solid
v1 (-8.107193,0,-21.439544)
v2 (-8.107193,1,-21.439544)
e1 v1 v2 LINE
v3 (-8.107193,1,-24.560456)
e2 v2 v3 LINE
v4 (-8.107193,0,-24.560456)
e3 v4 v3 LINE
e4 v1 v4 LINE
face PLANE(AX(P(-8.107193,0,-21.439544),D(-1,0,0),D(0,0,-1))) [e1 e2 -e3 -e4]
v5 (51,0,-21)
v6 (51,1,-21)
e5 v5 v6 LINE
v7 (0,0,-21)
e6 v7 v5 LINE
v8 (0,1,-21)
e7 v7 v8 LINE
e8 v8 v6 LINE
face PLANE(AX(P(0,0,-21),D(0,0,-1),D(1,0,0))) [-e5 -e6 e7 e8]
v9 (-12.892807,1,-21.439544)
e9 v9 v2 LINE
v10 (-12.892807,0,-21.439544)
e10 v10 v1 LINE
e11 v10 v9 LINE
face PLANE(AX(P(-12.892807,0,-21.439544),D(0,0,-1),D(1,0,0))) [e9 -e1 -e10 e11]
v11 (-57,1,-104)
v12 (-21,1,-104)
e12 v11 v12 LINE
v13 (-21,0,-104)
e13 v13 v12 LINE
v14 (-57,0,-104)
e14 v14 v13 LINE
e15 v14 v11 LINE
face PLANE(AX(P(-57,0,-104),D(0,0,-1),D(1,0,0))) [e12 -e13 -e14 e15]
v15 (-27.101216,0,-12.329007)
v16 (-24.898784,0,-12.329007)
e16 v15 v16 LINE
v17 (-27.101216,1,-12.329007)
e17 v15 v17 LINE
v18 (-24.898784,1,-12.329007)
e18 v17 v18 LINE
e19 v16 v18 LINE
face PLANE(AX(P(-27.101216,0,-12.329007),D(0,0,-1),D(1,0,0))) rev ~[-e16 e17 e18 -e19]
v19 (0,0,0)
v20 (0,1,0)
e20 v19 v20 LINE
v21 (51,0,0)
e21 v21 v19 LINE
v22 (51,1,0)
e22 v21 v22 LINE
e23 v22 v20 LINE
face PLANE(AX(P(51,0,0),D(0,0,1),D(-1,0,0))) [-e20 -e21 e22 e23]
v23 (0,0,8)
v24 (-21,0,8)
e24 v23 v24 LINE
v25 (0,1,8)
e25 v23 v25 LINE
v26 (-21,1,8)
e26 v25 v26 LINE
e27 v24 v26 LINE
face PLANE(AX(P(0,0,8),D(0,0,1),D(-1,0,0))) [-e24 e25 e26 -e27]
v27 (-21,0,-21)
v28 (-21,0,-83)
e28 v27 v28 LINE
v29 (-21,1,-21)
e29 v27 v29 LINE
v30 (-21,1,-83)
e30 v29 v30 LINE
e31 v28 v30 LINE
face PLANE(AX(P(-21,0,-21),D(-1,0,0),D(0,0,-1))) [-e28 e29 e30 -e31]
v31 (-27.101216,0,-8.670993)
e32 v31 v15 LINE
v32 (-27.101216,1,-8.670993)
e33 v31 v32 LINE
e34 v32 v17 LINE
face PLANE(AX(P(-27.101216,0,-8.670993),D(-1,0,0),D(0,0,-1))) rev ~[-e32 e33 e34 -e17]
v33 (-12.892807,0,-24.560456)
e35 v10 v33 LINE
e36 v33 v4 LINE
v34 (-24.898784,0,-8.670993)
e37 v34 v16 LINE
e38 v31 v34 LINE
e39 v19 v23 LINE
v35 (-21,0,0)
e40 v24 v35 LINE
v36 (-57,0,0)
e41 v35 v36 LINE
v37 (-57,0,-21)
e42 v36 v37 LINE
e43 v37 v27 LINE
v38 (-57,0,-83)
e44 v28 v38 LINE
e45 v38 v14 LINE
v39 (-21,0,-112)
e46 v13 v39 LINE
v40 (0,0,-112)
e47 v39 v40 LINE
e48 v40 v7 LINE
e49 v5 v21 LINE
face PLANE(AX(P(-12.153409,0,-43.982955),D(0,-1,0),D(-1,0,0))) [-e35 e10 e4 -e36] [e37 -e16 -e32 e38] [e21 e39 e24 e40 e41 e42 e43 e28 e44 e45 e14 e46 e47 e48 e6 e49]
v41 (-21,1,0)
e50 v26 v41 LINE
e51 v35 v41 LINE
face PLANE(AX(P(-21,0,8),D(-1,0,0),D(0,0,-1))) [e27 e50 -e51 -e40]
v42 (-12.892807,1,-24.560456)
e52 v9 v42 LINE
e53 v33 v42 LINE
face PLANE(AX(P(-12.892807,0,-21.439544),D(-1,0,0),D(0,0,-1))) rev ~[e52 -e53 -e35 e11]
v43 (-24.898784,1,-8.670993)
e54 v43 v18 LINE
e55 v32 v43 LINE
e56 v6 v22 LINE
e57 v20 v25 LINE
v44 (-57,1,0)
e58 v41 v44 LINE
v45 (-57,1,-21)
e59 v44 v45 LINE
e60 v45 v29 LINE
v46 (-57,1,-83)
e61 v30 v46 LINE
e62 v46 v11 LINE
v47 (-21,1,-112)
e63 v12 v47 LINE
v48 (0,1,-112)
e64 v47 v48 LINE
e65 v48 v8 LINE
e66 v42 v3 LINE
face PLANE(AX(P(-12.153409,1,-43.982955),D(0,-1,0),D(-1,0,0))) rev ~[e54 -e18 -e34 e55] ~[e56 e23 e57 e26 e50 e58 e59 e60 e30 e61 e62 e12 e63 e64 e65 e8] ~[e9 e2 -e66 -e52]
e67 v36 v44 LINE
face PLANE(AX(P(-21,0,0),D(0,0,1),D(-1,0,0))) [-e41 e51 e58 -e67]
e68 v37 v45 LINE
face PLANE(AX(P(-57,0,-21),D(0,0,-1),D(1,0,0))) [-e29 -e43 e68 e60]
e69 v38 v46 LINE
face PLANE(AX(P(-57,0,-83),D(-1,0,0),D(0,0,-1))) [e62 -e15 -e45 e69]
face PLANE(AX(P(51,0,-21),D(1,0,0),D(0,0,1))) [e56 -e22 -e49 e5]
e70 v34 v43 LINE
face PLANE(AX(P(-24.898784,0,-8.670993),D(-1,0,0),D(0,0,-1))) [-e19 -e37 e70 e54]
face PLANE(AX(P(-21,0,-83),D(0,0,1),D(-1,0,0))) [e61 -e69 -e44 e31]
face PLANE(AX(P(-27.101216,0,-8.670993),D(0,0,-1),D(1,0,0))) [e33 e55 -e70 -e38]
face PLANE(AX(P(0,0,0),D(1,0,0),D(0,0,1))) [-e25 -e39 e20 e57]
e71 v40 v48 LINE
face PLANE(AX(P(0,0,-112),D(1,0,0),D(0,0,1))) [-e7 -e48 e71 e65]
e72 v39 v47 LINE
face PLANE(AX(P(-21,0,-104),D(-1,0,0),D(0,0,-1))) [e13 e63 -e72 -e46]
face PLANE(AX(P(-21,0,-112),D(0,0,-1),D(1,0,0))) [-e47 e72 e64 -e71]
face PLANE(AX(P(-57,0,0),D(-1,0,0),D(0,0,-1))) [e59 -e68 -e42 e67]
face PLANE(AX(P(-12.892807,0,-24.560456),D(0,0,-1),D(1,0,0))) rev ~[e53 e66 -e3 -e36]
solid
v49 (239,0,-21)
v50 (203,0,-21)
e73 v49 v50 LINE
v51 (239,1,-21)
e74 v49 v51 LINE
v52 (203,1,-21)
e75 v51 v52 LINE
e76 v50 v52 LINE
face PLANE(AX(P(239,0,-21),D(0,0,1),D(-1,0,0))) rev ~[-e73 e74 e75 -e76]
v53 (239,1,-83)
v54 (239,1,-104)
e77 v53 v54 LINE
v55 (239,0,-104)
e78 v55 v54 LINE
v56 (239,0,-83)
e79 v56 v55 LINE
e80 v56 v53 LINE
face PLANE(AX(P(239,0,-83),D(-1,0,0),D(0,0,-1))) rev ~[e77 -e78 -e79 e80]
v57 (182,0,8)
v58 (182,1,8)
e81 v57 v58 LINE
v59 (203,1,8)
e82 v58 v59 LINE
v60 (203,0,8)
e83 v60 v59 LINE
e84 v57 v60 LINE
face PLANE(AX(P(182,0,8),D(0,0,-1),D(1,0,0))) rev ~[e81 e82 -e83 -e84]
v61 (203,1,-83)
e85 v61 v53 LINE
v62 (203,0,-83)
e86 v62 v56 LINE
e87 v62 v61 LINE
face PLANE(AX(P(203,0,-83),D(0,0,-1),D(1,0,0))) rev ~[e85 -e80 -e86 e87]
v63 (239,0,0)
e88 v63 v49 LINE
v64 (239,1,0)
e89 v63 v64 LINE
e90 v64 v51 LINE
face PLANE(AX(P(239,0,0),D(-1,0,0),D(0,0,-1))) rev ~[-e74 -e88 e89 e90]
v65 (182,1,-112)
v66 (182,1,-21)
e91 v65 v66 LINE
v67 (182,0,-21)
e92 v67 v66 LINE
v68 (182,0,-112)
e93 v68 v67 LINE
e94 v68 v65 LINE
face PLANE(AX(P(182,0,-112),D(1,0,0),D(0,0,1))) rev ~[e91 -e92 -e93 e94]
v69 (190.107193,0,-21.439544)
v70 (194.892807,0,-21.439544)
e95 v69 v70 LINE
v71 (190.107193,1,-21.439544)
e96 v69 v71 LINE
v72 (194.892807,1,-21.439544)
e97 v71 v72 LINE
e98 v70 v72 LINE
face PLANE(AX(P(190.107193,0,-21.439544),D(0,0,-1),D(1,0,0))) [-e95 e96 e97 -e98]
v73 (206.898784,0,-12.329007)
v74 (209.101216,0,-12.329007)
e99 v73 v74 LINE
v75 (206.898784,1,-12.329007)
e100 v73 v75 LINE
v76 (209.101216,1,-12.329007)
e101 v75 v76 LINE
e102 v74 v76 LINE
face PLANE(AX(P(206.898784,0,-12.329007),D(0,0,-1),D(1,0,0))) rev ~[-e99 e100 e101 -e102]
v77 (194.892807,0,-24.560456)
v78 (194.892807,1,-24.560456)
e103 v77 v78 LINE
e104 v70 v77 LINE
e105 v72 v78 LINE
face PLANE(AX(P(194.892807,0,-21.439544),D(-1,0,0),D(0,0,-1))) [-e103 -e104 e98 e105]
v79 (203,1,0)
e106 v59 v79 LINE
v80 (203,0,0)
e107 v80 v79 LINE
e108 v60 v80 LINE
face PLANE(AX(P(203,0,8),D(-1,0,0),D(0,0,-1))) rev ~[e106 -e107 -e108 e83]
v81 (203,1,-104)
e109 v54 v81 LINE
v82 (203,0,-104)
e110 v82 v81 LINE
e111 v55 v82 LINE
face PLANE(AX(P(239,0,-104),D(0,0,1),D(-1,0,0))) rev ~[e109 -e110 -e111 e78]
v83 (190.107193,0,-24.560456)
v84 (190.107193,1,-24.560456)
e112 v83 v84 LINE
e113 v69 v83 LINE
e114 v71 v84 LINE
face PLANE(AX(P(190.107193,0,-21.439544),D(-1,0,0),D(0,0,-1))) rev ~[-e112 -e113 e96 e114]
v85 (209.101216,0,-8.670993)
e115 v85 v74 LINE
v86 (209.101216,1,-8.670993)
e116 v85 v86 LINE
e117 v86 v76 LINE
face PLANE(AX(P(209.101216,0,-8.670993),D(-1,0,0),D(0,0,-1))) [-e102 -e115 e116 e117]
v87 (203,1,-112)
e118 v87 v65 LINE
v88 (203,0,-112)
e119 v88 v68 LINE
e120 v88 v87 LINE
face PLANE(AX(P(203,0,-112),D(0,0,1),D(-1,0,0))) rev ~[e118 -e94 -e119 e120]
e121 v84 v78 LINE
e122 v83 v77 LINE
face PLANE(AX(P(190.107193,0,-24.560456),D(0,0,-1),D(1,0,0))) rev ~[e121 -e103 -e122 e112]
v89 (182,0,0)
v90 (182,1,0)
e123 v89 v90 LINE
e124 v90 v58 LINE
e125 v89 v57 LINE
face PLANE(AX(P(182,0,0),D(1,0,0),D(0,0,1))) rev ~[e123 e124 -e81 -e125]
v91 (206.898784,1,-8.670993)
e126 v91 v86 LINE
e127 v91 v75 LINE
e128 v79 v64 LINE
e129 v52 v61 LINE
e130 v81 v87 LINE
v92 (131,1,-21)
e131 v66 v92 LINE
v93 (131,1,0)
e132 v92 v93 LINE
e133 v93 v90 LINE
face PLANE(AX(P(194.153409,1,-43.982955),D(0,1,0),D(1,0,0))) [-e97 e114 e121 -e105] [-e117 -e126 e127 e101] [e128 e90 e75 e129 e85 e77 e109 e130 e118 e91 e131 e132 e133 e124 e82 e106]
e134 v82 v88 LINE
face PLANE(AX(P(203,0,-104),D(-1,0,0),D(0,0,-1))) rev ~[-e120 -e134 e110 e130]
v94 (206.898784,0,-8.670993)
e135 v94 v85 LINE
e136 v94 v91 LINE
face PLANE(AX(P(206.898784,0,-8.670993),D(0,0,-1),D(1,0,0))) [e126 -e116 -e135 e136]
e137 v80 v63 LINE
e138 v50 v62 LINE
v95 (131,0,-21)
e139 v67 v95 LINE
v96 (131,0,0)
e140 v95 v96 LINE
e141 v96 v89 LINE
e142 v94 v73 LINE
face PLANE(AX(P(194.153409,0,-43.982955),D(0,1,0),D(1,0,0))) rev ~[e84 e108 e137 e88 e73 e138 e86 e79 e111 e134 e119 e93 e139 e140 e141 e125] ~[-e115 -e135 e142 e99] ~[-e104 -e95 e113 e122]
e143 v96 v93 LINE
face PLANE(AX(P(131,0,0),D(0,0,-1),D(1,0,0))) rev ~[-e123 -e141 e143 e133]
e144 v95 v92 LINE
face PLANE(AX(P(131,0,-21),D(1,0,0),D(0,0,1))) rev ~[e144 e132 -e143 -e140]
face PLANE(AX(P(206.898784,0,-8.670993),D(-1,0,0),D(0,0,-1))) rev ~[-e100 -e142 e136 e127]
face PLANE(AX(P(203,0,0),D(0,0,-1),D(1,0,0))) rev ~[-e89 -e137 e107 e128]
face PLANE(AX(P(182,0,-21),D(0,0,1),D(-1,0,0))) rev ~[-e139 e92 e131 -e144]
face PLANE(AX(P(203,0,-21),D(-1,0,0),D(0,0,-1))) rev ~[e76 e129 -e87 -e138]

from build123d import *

# Parameters (mm, degrees)
SKETCH_1_W        = 2.20243199
SKETCH_1_H        = 3.65801407
SKETCH_1_W_2      = 4.7856148
SKETCH_1_H_2      = 3.120912274
EXTRUDE_1_DEPTH   = 1
EXTRUDE_1_2_DEPTH = 1


with BuildPart() as part:
    # 草图1 → 凸台-拉伸1 (new body)
    with BuildSketch(Plane(origin=(0, 0, 0), x_dir=(1, 0, 0), z_dir=(0, 1, 0))):
        Polygon((0, 0), (0, -8), (-21, -8), (-21, 0), (-57, 0), (-57, 21), (-21, 21), (-21, 83), (-57, 83), (-57, 104), (-21, 104), (-21, 112), (0, 112), (0, 21), (51, 21), (51, 0), align=None)
        with Locations((-26, 10.5)):
            Rectangle(SKETCH_1_W, SKETCH_1_H, mode=Mode.SUBTRACT)
        with Locations((-10.5, 23)):
            Rectangle(SKETCH_1_W_2, SKETCH_1_H_2, mode=Mode.SUBTRACT)
    extrude(amount=EXTRUDE_1_DEPTH)


with BuildPart() as body_2:
    # 草图1 → Extrude 1 2 (new body)
    with BuildSketch(Plane(origin=(0, 0, 0), x_dir=(1, 0, 0), z_dir=(0, 1, 0))):
        Polygon((203, 104), (203, 112), (182, 112), (182, 21), (131, 21), (131, 0), (182, 0), (182, -8), (203, -8), (203, 0), (239, 0), (239, 21), (203, 21), (203, 83), (239, 83), (239, 104), align=None)
        with Locations((192.5, 23)):
            Rectangle(SKETCH_1_W_2, SKETCH_1_H_2, mode=Mode.SUBTRACT)
        with Locations((208, 10.5)):
            Rectangle(SKETCH_1_W, SKETCH_1_H, mode=Mode.SUBTRACT)
    extrude(amount=EXTRUDE_1_2_DEPTH)


solid = Compound([part.part, body_2.part])
